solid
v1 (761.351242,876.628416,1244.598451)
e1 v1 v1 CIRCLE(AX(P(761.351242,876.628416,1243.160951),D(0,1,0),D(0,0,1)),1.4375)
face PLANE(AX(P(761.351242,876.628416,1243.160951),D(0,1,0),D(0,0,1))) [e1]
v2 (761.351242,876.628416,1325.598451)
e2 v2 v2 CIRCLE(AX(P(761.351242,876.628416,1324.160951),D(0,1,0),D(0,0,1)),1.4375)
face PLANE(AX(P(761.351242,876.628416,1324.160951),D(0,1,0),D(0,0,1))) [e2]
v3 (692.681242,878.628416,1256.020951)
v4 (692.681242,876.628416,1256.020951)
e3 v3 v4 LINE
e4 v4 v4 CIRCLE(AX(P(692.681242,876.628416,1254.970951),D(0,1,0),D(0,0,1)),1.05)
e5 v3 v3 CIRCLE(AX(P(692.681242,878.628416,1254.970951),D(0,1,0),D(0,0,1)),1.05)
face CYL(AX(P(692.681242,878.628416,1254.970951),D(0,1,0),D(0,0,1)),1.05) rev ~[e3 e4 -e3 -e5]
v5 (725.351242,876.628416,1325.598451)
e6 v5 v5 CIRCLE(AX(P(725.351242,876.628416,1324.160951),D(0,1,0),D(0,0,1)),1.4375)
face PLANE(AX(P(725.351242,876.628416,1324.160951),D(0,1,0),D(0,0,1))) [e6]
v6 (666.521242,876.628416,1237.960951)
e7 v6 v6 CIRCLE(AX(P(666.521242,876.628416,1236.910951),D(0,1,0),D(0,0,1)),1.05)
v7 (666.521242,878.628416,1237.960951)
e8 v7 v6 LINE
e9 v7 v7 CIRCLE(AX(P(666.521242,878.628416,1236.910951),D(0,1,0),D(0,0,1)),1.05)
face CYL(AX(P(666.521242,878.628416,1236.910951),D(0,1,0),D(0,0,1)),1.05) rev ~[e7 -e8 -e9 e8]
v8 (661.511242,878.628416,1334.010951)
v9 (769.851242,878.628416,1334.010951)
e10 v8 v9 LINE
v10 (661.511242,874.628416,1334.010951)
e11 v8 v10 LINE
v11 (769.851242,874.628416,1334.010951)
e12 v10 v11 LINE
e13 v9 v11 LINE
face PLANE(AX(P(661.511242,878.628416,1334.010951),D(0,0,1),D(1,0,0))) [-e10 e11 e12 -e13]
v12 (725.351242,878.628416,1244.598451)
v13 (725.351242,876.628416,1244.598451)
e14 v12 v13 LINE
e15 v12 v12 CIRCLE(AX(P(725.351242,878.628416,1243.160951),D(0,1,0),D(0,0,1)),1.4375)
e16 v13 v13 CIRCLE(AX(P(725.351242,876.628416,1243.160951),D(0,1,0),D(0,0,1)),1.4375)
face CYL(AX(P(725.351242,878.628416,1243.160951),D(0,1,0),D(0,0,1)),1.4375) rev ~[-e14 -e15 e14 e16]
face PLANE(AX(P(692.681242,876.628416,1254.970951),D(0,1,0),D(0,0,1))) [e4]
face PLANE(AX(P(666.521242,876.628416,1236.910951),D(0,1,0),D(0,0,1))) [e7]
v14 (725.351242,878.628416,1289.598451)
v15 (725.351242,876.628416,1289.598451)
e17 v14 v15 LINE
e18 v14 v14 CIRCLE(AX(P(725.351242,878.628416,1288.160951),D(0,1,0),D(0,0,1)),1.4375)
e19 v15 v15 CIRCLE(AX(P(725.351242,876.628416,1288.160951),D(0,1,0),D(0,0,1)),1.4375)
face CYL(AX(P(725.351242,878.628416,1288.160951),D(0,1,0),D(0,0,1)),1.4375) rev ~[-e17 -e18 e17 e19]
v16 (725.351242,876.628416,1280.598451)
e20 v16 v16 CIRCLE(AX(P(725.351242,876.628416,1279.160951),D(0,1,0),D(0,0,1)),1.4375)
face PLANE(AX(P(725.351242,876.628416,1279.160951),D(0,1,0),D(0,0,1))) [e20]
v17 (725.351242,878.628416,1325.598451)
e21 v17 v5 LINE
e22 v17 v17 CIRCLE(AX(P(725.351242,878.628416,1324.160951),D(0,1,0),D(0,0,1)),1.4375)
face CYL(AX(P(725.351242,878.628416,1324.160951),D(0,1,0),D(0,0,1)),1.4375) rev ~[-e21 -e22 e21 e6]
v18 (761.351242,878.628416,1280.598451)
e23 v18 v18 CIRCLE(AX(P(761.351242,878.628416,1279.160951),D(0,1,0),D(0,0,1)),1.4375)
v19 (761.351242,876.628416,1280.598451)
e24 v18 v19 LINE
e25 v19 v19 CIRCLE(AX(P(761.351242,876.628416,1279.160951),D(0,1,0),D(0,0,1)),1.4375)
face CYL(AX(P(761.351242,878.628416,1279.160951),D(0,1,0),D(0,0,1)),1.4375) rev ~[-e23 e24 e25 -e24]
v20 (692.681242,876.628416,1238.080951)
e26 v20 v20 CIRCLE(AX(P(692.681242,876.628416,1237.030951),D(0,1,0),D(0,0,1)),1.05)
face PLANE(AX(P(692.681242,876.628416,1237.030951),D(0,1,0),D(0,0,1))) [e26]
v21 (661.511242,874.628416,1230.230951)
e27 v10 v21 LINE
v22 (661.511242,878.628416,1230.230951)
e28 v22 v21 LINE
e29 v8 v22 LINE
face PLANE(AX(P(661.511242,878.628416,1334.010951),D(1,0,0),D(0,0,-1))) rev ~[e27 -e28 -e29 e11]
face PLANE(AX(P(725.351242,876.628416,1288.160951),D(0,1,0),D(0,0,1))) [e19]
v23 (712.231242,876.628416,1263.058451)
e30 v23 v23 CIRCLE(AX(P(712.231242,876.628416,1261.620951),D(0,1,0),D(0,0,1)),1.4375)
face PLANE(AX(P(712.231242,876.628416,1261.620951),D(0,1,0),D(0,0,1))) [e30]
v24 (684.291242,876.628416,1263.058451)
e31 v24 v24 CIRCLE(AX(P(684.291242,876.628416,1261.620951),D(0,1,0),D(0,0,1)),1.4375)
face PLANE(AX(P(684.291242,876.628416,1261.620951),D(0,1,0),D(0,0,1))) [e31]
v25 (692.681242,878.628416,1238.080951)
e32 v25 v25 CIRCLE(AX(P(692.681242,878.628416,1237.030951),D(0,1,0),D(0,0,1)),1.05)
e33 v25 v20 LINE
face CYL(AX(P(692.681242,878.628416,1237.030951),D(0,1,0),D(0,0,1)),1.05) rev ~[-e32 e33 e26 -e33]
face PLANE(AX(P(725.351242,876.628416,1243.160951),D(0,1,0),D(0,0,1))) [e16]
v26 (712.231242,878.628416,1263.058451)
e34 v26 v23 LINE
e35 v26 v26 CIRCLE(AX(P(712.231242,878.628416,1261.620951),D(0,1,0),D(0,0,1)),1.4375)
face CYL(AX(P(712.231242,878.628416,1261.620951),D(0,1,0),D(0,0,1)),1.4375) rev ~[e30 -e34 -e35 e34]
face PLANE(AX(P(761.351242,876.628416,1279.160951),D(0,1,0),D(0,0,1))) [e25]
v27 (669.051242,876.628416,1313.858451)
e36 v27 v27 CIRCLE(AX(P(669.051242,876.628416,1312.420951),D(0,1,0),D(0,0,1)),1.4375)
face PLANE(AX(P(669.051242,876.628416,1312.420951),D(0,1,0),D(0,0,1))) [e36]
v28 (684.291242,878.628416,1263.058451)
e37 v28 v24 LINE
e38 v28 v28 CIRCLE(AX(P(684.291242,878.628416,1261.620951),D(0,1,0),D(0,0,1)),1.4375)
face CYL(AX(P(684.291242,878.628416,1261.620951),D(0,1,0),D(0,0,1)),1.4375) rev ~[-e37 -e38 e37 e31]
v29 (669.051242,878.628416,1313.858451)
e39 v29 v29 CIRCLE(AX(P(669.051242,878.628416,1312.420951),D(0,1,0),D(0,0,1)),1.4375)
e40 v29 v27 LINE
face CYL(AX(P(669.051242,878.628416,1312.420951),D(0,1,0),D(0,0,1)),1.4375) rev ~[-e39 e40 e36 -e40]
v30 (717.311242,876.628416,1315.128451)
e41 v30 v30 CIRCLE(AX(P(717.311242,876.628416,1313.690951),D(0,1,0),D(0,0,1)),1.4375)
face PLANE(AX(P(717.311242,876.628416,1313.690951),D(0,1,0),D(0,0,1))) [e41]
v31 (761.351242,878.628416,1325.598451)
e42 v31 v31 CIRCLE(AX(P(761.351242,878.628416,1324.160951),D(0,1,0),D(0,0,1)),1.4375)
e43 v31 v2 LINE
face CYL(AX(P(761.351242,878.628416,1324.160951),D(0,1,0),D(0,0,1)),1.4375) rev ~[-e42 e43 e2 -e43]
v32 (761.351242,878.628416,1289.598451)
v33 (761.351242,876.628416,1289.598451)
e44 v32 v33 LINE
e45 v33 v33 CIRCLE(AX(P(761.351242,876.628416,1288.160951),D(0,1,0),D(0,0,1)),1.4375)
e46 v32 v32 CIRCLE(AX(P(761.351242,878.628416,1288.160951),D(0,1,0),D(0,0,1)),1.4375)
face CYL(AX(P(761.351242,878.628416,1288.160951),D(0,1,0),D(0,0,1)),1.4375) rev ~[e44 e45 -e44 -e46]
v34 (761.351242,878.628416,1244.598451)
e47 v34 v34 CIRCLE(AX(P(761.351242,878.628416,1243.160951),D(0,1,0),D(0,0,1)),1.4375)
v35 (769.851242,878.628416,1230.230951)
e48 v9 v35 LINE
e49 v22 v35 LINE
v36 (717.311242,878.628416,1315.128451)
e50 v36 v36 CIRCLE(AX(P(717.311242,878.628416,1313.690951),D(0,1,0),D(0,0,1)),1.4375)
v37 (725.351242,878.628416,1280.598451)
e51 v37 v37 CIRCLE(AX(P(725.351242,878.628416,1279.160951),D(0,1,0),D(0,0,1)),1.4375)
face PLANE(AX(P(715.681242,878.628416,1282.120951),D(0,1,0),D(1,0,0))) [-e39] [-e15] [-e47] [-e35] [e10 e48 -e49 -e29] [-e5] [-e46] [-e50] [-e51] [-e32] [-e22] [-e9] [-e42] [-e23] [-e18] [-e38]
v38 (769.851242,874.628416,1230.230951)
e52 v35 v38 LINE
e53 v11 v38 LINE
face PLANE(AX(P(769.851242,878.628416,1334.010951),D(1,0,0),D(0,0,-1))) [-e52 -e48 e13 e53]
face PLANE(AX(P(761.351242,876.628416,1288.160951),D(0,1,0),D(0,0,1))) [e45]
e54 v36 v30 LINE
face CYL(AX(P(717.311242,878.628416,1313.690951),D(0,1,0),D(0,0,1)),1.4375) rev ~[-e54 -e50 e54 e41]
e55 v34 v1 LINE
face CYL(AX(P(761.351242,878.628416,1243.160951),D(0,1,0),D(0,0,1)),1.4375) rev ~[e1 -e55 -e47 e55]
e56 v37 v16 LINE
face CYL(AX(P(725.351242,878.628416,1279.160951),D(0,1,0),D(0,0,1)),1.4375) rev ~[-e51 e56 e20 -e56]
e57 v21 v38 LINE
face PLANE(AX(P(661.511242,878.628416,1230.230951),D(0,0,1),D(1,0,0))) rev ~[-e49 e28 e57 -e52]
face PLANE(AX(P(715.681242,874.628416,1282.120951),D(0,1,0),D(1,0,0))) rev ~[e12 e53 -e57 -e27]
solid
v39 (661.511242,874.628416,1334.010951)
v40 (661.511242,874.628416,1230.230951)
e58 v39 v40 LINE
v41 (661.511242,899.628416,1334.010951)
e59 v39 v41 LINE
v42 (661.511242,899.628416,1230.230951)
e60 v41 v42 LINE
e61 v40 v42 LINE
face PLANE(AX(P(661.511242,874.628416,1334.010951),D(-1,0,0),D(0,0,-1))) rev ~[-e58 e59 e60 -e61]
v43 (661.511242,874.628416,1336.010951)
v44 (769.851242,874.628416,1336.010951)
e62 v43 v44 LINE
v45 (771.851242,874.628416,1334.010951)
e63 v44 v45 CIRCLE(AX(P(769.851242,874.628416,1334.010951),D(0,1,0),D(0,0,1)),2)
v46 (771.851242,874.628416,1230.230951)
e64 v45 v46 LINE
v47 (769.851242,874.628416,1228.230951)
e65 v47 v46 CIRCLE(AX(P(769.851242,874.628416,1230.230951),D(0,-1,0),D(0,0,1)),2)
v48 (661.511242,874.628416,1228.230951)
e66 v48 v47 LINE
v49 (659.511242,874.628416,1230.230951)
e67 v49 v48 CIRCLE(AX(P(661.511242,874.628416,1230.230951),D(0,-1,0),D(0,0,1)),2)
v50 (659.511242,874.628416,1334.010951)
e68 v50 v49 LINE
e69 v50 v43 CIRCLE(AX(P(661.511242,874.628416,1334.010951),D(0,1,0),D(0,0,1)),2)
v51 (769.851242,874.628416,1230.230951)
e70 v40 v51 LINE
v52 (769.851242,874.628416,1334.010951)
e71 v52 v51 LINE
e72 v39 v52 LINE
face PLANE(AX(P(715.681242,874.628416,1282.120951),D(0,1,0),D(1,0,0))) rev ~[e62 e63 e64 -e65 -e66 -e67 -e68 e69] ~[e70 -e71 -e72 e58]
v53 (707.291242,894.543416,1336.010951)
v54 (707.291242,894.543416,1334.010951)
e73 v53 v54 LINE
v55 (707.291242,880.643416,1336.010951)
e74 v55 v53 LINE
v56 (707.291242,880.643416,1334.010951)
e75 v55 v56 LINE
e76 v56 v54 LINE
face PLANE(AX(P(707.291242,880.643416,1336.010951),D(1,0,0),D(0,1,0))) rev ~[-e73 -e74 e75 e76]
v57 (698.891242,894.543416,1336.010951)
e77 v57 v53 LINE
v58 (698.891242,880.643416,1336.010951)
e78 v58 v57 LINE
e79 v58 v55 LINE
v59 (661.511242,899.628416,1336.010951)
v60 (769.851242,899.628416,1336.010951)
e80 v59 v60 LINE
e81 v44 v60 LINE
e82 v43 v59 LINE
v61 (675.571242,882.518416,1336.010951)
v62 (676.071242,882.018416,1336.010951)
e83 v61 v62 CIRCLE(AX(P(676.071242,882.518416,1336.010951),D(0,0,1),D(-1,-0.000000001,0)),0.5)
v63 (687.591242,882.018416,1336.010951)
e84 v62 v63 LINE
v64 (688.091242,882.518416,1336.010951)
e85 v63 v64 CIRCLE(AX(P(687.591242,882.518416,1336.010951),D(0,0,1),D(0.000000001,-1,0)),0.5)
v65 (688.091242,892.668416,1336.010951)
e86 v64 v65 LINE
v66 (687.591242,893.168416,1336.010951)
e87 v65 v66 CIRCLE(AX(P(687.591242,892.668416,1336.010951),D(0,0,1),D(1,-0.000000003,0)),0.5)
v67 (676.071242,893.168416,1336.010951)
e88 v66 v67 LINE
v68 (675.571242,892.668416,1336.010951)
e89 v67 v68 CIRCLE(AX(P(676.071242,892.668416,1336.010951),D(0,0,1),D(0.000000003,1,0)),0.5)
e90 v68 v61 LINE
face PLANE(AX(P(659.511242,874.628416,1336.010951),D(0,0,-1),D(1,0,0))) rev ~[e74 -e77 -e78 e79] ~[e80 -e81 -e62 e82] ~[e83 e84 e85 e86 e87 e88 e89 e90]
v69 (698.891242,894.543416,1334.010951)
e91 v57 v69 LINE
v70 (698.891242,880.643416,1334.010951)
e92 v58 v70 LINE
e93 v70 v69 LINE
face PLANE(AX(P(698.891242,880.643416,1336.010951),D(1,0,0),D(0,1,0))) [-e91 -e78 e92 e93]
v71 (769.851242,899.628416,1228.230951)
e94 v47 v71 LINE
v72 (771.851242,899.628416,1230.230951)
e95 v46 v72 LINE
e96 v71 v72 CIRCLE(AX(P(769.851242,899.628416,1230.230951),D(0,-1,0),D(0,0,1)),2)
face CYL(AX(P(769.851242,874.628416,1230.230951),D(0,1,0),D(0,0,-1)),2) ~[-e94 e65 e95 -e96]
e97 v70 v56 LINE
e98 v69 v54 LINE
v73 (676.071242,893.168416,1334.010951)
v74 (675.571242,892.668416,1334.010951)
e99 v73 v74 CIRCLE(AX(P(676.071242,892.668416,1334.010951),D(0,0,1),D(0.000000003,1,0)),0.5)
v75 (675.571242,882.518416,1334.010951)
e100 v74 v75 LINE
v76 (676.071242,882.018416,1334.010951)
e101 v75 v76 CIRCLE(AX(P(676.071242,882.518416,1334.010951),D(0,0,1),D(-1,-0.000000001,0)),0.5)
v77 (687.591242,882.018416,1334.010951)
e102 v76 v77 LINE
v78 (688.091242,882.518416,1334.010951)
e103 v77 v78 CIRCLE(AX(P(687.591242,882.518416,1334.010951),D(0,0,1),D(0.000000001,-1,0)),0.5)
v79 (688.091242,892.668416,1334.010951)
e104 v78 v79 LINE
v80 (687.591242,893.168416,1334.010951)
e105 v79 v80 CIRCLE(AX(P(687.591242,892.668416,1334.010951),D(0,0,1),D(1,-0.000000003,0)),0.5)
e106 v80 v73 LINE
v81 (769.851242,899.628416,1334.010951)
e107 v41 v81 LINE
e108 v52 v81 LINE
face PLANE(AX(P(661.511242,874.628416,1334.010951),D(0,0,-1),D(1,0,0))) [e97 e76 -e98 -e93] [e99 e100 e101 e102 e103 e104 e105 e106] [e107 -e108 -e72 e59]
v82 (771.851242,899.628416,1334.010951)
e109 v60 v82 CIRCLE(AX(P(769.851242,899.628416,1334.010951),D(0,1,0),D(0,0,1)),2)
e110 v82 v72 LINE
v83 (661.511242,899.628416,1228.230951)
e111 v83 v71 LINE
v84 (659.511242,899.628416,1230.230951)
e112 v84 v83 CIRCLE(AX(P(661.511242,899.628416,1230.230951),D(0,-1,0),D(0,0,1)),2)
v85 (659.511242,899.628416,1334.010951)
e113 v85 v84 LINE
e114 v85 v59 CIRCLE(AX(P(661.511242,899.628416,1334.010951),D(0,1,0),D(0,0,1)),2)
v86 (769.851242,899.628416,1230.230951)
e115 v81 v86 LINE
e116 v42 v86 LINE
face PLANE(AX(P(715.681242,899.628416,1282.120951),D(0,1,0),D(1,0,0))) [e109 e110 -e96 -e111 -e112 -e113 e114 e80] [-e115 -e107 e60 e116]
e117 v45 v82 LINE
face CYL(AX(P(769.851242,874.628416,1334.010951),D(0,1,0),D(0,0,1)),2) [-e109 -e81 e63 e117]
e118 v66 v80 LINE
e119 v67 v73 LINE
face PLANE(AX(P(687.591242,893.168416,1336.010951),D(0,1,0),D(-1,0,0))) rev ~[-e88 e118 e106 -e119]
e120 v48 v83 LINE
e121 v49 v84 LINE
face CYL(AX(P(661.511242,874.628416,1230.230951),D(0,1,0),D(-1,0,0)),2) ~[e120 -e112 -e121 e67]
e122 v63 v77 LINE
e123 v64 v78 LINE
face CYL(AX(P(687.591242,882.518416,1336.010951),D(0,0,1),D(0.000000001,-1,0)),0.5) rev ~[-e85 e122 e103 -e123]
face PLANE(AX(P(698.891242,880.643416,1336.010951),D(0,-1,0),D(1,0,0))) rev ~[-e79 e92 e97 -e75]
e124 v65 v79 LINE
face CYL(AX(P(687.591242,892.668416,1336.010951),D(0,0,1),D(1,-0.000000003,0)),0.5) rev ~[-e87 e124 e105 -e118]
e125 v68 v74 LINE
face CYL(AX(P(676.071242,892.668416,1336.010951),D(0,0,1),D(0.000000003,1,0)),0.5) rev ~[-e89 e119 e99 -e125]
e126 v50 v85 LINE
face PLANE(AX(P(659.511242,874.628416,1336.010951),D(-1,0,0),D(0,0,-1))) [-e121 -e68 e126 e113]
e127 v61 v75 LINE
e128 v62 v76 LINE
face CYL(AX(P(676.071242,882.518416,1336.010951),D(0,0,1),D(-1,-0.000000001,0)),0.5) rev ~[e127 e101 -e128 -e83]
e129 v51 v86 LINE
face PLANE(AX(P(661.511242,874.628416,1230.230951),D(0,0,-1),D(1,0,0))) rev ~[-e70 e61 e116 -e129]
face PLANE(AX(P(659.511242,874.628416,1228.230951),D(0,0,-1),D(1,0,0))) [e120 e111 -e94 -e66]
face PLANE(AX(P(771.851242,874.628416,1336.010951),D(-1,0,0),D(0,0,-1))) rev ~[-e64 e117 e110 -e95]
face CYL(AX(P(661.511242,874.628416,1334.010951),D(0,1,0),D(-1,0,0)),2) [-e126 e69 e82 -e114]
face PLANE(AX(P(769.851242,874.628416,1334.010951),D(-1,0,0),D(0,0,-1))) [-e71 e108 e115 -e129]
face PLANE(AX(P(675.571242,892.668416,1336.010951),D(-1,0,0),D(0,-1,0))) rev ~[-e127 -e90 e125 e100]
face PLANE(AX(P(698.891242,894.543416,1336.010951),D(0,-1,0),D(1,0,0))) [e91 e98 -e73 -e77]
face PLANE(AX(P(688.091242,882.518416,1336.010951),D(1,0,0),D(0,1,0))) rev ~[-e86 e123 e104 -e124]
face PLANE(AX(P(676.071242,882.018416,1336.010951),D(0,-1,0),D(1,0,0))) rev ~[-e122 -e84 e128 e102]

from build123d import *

# Parameters (mm, degrees)
SKETCH1_W           = 108.34
SKETCH1_H           = 103.78
BOSS_EXTRUDE1_DEPTH = 4
SKETCH2_W           = 112.34
SKETCH2_H           = 107.78
SKETCH2_W_2         = 108.34
SKETCH2_H_2         = 103.78
BOSS_EXTRUDE2_DEPTH = 25
SKETCH4_W           = 11.12
SKETCH4_H           = 9.75
CUT_EXTRUDE1_DEPTH  = 2
FILLET1_R           = 2
SKETCH5_R           = 1.4375
SKETCH5_R_2         = 1.05
CUT_EXTRUDE2_DEPTH  = 2
SKETCH6_W           = 8.4
SKETCH6_H           = 13.9
CUT_EXTRUDE3_DEPTH  = 2


with BuildPart() as part:
    # Sketch1 → Boss-Extrude1 (new body)
    with BuildSketch(Plane(origin=(0, 878.628416044, 0), x_dir=(1, 0, 0), z_dir=(0, 1, 0))):
        with Locations((715.681242052, -1282.120951231)):
            Rectangle(SKETCH1_W, SKETCH1_H)
    extrude(amount=-BOSS_EXTRUDE1_DEPTH)

    # Sketch5 → Cut-Extrude2 (cut)
    with BuildSketch(Plane(origin=(0, 878.628416044, 0), x_dir=(1, 0, 0), z_dir=(0, 1, 0))):
        with Locations(Location((684.291242052, -1261.620951231, 0), (0, 0, 270))):
            Circle(SKETCH5_R)
        with Locations(Location((666.521242052, -1236.910951231, 0), (0, 0, 270))):
            Circle(SKETCH5_R_2)
        with Locations(Location((692.681242052, -1237.030951231, 0), (0, 0, 270))):
            Circle(SKETCH5_R_2)
        with Locations(Location((692.681242052, -1254.970951231, 0), (0, 0, 270))):
            Circle(SKETCH5_R_2)
        with Locations(Location((712.231242052, -1261.620951231, 0), (0, 0, 270))):
            Circle(SKETCH5_R)
        with Locations(Location((725.351242052, -1243.160951231, 0), (0, 0, 270))):
            Circle(SKETCH5_R)
        with Locations(Location((761.351242052, -1243.160951231, 0), (0, 0, 270))):
            Circle(SKETCH5_R)
        with Locations(Location((725.351242052, -1279.160951231, 0), (0, 0, 270))):
            Circle(SKETCH5_R)
        with Locations(Location((761.351242052, -1279.160951231, 0), (0, 0, 270))):
            Circle(SKETCH5_R)
        with Locations(Location((761.351242052, -1288.160951231, 0), (0, 0, 270))):
            Circle(SKETCH5_R)
        with Locations(Location((725.351242052, -1288.160951231, 0), (0, 0, 270))):
            Circle(SKETCH5_R)
        with Locations(Location((761.351242052, -1324.160951231, 0), (0, 0, 270))):
            Circle(SKETCH5_R)
        with Locations(Location((725.351242052, -1324.160951231, 0), (0, 0, 270))):
            Circle(SKETCH5_R)
        with Locations(Location((717.311242052, -1313.690951231, 0), (0, 0, 270))):
            Circle(SKETCH5_R)
        with Locations(Location((669.051242052, -1312.420951231, 0), (0, 0, 270))):
            Circle(SKETCH5_R)
    extrude(amount=-CUT_EXTRUDE2_DEPTH, mode=Mode.SUBTRACT)


with BuildPart() as body_2:
    # Sketch2 → Boss-Extrude2 (new body)
    with BuildSketch(Plane(origin=(0, 874.628416044, 0), x_dir=(1, 0, 0), z_dir=(0, 1, 0))):
        with Locations((715.681242052, -1282.120951231)):
            Rectangle(SKETCH2_W, SKETCH2_H)
        with Locations((715.681242052, -1282.120951231)):
            Rectangle(SKETCH2_W_2, SKETCH2_H_2, mode=Mode.SUBTRACT)
    extrude(amount=BOSS_EXTRUDE2_DEPTH)

    # Sketch4 → Cut-Extrude1 (cut)
    with BuildSketch(Plane.XY.offset(1336.010951231)):
        with BuildLine():
            Line((687.591242052, 893.168416044), (676.071242052, 893.168416044))
            ThreePointArc((676.071242052, 893.168416044), (675.717688661, 893.021969435), (675.571242052, 892.668416044))
            Line((675.571242052, 892.668416044), (675.571242052, 882.518416044))
            ThreePointArc((675.571242052, 882.518416044), (675.717688661, 882.164862654), (676.071242052, 882.018416044))
            Line((676.071242052, 882.018416044), (687.591242052, 882.018416044))
            ThreePointArc((687.591242052, 882.018416044), (687.944795443, 882.164862654), (688.091242052, 882.518416044))
            Line((688.091242052, 882.518416044), (688.091242052, 892.668416044))
            ThreePointArc((688.091242052, 892.668416044), (687.944795443, 893.021969435), (687.591242052, 893.168416044))
        make_face()
        with Locations((681.831242052, 887.593416044)):
            Rectangle(SKETCH4_W, SKETCH4_H, mode=Mode.SUBTRACT)
        with Locations((681.831242052, 887.593416044)):
            Rectangle(SKETCH4_W, SKETCH4_H)
    extrude(amount=-CUT_EXTRUDE1_DEPTH, mode=Mode.SUBTRACT)

    # Fillet1
    fillet1_edges = [body_2.edges().sort_by_distance(p)[0] for p in [
        (771.851242052, 887.128416044, 1228.230951231),
        (659.511242052, 887.128416044, 1228.230951231),
        (659.511242052, 887.128416044, 1336.010951231),
        (771.851242052, 887.128416044, 1336.010951231),
    ]]
    fillet(fillet1_edges, radius=FILLET1_R)

    # Sketch6 → Cut-Extrude3 (cut)
    with BuildSketch(Plane.XY.offset(1336.010951231)):
        with Locations((703.091242052, 887.593416044)):
            Rectangle(SKETCH6_W, SKETCH6_H)
    extrude(amount=-CUT_EXTRUDE3_DEPTH, mode=Mode.SUBTRACT)


solid = Compound([part.part, body_2.part])
